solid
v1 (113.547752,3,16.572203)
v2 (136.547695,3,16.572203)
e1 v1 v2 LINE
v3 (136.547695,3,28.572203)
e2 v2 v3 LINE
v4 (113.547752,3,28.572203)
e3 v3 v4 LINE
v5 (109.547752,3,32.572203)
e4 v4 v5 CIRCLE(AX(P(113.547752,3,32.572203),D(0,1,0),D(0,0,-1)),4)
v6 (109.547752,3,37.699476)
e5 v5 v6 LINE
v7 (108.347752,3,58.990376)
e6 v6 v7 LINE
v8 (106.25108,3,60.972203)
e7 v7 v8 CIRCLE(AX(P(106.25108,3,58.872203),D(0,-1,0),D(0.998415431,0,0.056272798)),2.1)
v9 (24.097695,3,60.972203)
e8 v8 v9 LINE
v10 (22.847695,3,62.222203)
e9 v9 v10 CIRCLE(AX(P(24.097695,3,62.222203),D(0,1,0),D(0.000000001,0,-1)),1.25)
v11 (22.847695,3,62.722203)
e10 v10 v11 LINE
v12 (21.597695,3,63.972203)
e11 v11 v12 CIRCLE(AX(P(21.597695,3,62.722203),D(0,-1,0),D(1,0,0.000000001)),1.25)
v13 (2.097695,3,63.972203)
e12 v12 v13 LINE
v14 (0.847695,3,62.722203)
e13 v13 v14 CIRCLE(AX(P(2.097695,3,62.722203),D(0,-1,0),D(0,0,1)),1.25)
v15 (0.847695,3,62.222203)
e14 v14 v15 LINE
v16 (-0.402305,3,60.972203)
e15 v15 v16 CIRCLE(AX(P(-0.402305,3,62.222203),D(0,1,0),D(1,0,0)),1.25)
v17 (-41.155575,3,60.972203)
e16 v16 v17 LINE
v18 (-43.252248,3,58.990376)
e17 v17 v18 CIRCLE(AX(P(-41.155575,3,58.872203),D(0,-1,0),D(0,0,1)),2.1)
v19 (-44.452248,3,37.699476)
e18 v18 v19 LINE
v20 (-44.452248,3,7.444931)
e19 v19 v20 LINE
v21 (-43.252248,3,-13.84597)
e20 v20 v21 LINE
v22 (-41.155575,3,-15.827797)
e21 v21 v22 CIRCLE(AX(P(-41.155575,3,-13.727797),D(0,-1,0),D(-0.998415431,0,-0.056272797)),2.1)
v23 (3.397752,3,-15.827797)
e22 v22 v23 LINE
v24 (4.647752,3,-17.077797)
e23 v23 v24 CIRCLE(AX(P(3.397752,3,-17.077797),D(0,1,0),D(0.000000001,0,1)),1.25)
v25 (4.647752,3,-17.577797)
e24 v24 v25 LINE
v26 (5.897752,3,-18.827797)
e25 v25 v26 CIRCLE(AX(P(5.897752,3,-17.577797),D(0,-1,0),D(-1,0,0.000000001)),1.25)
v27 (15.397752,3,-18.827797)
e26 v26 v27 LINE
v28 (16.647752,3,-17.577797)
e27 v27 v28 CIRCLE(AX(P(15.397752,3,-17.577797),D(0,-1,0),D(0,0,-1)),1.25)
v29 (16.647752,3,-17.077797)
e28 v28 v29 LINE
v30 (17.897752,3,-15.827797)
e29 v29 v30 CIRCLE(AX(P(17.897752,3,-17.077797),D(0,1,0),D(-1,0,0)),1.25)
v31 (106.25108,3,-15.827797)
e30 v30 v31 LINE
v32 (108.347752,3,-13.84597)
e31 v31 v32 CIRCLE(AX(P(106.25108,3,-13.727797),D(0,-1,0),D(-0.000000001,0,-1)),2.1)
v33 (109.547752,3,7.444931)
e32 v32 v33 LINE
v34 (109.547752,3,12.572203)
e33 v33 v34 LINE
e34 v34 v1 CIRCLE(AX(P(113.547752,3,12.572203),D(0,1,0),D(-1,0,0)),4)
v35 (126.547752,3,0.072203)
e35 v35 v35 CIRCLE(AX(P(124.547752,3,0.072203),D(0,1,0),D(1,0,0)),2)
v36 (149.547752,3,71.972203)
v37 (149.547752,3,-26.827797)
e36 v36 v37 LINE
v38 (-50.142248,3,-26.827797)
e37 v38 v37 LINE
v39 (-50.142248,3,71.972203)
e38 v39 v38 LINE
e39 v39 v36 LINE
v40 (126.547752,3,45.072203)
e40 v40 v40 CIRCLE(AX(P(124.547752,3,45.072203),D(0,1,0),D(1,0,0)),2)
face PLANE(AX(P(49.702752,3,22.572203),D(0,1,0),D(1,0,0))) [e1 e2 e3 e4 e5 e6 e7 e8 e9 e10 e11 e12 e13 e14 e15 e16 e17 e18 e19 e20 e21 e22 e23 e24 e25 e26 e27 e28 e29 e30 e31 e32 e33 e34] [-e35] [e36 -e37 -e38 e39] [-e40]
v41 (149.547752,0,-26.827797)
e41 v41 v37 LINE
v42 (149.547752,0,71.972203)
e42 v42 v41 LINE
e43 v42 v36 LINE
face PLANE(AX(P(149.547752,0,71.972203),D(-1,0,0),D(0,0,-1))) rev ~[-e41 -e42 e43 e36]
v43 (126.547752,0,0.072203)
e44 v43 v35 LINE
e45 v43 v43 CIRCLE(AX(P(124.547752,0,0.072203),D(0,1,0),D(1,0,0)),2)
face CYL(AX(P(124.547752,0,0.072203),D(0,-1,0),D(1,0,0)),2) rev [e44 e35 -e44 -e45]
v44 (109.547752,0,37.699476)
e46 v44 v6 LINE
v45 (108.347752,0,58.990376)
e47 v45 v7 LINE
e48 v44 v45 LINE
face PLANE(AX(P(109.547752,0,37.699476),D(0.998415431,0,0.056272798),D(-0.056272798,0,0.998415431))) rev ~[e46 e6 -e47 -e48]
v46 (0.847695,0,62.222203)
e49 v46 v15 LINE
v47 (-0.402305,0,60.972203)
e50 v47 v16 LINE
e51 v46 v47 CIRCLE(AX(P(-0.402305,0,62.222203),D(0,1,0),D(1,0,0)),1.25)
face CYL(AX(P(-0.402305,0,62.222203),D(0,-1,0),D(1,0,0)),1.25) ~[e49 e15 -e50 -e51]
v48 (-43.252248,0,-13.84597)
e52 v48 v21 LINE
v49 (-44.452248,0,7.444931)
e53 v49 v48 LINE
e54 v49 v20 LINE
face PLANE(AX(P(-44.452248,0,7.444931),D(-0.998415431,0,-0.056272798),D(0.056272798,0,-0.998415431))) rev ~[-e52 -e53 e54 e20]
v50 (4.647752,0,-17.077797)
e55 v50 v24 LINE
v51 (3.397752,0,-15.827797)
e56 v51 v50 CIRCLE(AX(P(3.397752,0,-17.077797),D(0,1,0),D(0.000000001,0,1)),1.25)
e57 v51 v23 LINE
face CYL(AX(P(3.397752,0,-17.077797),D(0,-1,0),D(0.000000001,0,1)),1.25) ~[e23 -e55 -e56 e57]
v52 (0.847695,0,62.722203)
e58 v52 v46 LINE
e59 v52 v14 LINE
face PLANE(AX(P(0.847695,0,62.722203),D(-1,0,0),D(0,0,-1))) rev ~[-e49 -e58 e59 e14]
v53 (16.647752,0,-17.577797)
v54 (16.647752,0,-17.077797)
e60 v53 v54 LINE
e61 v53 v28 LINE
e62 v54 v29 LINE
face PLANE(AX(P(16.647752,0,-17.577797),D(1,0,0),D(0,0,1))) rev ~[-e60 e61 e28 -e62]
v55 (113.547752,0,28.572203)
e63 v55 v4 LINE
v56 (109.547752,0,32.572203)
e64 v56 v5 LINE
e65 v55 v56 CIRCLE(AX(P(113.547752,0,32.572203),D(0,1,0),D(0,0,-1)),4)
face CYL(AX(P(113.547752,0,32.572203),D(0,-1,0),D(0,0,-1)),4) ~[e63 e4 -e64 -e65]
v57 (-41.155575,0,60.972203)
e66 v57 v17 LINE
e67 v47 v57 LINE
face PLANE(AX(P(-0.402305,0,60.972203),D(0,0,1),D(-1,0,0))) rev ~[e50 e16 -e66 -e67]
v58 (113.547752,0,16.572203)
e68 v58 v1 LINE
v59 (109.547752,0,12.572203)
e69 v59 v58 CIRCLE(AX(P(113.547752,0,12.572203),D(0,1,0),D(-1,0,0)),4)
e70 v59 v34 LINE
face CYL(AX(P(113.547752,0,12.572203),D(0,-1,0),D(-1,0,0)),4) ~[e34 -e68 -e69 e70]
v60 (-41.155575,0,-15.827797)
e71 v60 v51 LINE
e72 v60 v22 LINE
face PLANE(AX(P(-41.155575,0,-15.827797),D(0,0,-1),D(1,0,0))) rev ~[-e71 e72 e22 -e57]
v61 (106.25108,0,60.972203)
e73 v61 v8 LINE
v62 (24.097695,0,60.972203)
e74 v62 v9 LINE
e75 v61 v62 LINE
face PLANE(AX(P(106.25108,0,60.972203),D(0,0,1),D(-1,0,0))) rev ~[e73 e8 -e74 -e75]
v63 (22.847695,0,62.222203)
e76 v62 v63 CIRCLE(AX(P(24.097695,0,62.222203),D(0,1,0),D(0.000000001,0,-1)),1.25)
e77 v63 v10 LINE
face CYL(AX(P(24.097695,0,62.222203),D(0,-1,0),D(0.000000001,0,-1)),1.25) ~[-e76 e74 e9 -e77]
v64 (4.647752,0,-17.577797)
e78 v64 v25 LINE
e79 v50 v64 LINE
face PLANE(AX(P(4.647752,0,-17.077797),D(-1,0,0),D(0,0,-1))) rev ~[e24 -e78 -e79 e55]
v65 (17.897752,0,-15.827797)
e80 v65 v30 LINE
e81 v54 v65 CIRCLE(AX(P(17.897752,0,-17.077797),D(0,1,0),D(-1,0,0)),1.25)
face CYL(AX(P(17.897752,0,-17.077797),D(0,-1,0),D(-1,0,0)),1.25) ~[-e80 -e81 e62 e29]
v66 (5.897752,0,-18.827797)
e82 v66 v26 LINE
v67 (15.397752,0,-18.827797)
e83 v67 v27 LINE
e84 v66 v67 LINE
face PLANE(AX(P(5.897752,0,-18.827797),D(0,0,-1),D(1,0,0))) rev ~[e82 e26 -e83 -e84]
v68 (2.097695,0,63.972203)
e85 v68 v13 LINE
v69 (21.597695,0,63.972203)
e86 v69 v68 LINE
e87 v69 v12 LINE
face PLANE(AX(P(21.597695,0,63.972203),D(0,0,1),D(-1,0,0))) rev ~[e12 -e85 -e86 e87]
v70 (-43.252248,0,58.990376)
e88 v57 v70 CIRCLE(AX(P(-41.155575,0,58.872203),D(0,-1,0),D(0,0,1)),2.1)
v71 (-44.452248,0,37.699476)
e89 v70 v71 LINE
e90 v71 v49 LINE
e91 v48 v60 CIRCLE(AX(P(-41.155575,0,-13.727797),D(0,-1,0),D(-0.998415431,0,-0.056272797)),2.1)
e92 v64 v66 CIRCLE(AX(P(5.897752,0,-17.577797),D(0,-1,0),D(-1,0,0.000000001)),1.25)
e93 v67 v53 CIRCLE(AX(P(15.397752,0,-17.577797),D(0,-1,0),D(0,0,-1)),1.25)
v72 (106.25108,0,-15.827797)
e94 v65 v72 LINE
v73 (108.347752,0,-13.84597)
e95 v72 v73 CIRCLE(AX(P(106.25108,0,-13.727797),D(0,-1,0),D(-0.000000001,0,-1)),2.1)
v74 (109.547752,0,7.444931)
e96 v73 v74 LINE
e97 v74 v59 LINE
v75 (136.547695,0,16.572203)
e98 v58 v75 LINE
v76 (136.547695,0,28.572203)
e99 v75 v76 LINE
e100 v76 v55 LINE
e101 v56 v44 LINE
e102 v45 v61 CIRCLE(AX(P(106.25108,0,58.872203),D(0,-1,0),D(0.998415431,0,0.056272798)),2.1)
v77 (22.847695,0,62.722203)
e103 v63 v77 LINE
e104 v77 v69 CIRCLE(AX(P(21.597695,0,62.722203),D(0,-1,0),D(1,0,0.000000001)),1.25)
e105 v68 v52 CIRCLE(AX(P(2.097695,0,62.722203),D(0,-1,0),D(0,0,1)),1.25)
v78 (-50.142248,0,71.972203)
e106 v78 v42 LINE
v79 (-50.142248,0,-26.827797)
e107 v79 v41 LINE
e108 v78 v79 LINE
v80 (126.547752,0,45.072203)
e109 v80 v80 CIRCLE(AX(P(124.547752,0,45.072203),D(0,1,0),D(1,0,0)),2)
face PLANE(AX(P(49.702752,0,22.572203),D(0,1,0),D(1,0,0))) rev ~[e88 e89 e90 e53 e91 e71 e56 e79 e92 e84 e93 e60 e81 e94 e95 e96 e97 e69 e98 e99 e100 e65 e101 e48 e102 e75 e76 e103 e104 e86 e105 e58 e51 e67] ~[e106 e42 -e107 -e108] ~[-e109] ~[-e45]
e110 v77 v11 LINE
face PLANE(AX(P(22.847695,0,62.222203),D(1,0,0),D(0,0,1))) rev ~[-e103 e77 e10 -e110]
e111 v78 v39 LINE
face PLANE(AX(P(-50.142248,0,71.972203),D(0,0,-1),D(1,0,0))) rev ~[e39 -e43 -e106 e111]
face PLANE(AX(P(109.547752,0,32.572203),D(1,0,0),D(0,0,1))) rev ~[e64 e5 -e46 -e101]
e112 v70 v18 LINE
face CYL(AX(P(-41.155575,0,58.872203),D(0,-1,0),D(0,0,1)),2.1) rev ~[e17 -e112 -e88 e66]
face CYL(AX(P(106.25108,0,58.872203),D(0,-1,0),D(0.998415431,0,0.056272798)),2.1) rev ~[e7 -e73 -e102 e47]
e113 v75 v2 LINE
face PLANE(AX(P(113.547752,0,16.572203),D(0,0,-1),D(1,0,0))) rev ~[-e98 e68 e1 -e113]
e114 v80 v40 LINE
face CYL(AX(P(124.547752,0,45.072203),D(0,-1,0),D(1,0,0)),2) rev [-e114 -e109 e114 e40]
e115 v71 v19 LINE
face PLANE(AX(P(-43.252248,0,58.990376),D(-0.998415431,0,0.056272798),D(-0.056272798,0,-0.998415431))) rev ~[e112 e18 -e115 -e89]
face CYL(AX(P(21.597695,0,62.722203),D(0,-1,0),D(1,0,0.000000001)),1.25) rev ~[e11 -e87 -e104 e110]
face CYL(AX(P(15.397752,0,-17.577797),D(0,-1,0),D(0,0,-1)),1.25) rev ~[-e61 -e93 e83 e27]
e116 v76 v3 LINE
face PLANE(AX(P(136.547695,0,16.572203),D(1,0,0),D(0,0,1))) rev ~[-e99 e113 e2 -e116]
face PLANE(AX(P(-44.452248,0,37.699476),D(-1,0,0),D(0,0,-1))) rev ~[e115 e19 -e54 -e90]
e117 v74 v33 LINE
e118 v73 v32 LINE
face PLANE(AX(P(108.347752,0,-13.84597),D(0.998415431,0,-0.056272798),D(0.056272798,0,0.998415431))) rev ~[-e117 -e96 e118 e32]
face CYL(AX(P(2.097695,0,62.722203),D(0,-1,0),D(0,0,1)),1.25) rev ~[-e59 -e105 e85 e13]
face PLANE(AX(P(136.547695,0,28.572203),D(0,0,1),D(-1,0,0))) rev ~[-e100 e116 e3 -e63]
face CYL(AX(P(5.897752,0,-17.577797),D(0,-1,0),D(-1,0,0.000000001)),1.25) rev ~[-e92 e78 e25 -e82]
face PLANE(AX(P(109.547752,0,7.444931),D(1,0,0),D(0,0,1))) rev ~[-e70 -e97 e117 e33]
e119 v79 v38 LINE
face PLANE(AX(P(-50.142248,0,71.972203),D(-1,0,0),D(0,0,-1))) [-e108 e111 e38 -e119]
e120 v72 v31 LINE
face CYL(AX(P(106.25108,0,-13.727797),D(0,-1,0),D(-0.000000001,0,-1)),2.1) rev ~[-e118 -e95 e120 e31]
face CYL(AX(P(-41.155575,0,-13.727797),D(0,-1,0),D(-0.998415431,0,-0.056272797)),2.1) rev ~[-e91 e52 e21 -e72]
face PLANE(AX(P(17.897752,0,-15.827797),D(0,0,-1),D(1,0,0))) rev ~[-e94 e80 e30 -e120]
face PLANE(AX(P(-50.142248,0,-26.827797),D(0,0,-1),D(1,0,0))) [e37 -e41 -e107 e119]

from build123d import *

# Parameters (mm, degrees)
SKETCH1_W           = 199.69
SKETCH1_H           = 98.8
SKETCH1_R           = 2
BOSS_EXTRUDE1_DEPTH = 3


with BuildPart() as part:
    # Sketch1 → Boss-Extrude1 (new body)
    with BuildSketch(Plane(origin=(0, 0, 0), x_dir=(1, 0, 0), z_dir=(0, 1, 0))):
        with Locations((49.702752105, -22.572203273)):
            Rectangle(SKETCH1_W, SKETCH1_H)
        with Locations((124.547752105, -0.072203273)):
            Circle(SKETCH1_R, mode=Mode.SUBTRACT)
        with Locations((124.547752105, -45.072203273)):
            Circle(SKETCH1_R, mode=Mode.SUBTRACT)
        with BuildLine():
            Line((-41.155575491, 15.827796727), (3.397752105, 15.827796727))
            ThreePointArc((3.397752105, 15.827796727), (4.281635581, 16.193913251), (4.647752105, 17.077796727))
            Line((4.647752105, 17.077796727), (4.647752105, 17.577796727))
            ThreePointArc((4.647752105, 17.577796727), (5.013868628, 18.461680204), (5.897752105, 18.827796727))
            Line((5.897752105, 18.827796727), (15.397752105, 18.827796727))
            ThreePointArc((15.397752105, 18.827796727), (16.281635581, 18.461680204), (16.647752105, 17.577796727))
            Line((16.647752105, 17.577796727), (16.647752105, 17.077796727))
            ThreePointArc((16.647752105, 17.077796727), (17.013868628, 16.193913251), (17.897752105, 15.827796727))
            Line((17.897752105, 15.827796727), (106.2510797, 15.827796727))
            ThreePointArc((106.2510797, 15.827796727), (107.693618601, 15.253929592), (108.347752105, 13.845969603))
            Line((108.347752105, 13.845969603), (109.547752105, -7.444930545))
            Line((109.547752105, -7.444930545), (109.547752105, -12.572203273))
            ThreePointArc((109.547752105, -12.572203273), (110.71932498, -15.400630397), (113.547752105, -16.572203273))
            Line((113.547752105, -16.572203273), (136.547694997, -16.572203273))
            Line((136.547694997, -16.572203273), (136.547694997, -28.572203273))
            Line((136.547694997, -28.572203273), (113.547752105, -28.572203273))
            ThreePointArc((113.547752105, -28.572203273), (110.71932498, -29.743776148), (109.547752105, -32.572203273))
            Line((109.547752105, -32.572203273), (109.547752105, -37.699476))
            Line((109.547752105, -37.699476), (108.347752105, -58.990376148))
            ThreePointArc((108.347752105, -58.990376148), (107.693618601, -60.398336137), (106.2510797, -60.972203273))
            Line((106.2510797, -60.972203273), (24.097694997, -60.972203273))
            ThreePointArc((24.097694997, -60.972203273), (23.21381152, -61.338319796), (22.847694997, -62.222203273))
            Line((22.847694997, -62.222203273), (22.847694997, -62.722203273))
            ThreePointArc((22.847694997, -62.722203273), (22.481578473, -63.606086749), (21.597694997, -63.972203273))
            Line((21.597694997, -63.972203273), (2.097694997, -63.972203273))
            ThreePointArc((2.097694997, -63.972203273), (1.21381152, -63.606086749), (0.847694997, -62.722203273))
            Line((0.847694997, -62.722203273), (0.847694997, -62.222203273))
            ThreePointArc((0.847694997, -62.222203273), (0.481578473, -61.338319796), (-0.402305003, -60.972203273))
            Line((-0.402305003, -60.972203273), (-41.155575491, -60.972203273))
            ThreePointArc((-41.155575491, -60.972203273), (-42.598114392, -60.398336137), (-43.252247895, -58.990376148))
            Line((-43.252247895, -58.990376148), (-44.452247895, -37.699476))
            Line((-44.452247895, -37.699476), (-44.452247895, -7.444930545))
            Line((-44.452247895, -7.444930545), (-43.252247895, 13.845969603))
            ThreePointArc((-43.252247895, 13.845969603), (-42.598114392, 15.253929592), (-41.155575491, 15.827796727))
        make_face(mode=Mode.SUBTRACT)
    extrude(amount=BOSS_EXTRUDE1_DEPTH)


solid = part.part
